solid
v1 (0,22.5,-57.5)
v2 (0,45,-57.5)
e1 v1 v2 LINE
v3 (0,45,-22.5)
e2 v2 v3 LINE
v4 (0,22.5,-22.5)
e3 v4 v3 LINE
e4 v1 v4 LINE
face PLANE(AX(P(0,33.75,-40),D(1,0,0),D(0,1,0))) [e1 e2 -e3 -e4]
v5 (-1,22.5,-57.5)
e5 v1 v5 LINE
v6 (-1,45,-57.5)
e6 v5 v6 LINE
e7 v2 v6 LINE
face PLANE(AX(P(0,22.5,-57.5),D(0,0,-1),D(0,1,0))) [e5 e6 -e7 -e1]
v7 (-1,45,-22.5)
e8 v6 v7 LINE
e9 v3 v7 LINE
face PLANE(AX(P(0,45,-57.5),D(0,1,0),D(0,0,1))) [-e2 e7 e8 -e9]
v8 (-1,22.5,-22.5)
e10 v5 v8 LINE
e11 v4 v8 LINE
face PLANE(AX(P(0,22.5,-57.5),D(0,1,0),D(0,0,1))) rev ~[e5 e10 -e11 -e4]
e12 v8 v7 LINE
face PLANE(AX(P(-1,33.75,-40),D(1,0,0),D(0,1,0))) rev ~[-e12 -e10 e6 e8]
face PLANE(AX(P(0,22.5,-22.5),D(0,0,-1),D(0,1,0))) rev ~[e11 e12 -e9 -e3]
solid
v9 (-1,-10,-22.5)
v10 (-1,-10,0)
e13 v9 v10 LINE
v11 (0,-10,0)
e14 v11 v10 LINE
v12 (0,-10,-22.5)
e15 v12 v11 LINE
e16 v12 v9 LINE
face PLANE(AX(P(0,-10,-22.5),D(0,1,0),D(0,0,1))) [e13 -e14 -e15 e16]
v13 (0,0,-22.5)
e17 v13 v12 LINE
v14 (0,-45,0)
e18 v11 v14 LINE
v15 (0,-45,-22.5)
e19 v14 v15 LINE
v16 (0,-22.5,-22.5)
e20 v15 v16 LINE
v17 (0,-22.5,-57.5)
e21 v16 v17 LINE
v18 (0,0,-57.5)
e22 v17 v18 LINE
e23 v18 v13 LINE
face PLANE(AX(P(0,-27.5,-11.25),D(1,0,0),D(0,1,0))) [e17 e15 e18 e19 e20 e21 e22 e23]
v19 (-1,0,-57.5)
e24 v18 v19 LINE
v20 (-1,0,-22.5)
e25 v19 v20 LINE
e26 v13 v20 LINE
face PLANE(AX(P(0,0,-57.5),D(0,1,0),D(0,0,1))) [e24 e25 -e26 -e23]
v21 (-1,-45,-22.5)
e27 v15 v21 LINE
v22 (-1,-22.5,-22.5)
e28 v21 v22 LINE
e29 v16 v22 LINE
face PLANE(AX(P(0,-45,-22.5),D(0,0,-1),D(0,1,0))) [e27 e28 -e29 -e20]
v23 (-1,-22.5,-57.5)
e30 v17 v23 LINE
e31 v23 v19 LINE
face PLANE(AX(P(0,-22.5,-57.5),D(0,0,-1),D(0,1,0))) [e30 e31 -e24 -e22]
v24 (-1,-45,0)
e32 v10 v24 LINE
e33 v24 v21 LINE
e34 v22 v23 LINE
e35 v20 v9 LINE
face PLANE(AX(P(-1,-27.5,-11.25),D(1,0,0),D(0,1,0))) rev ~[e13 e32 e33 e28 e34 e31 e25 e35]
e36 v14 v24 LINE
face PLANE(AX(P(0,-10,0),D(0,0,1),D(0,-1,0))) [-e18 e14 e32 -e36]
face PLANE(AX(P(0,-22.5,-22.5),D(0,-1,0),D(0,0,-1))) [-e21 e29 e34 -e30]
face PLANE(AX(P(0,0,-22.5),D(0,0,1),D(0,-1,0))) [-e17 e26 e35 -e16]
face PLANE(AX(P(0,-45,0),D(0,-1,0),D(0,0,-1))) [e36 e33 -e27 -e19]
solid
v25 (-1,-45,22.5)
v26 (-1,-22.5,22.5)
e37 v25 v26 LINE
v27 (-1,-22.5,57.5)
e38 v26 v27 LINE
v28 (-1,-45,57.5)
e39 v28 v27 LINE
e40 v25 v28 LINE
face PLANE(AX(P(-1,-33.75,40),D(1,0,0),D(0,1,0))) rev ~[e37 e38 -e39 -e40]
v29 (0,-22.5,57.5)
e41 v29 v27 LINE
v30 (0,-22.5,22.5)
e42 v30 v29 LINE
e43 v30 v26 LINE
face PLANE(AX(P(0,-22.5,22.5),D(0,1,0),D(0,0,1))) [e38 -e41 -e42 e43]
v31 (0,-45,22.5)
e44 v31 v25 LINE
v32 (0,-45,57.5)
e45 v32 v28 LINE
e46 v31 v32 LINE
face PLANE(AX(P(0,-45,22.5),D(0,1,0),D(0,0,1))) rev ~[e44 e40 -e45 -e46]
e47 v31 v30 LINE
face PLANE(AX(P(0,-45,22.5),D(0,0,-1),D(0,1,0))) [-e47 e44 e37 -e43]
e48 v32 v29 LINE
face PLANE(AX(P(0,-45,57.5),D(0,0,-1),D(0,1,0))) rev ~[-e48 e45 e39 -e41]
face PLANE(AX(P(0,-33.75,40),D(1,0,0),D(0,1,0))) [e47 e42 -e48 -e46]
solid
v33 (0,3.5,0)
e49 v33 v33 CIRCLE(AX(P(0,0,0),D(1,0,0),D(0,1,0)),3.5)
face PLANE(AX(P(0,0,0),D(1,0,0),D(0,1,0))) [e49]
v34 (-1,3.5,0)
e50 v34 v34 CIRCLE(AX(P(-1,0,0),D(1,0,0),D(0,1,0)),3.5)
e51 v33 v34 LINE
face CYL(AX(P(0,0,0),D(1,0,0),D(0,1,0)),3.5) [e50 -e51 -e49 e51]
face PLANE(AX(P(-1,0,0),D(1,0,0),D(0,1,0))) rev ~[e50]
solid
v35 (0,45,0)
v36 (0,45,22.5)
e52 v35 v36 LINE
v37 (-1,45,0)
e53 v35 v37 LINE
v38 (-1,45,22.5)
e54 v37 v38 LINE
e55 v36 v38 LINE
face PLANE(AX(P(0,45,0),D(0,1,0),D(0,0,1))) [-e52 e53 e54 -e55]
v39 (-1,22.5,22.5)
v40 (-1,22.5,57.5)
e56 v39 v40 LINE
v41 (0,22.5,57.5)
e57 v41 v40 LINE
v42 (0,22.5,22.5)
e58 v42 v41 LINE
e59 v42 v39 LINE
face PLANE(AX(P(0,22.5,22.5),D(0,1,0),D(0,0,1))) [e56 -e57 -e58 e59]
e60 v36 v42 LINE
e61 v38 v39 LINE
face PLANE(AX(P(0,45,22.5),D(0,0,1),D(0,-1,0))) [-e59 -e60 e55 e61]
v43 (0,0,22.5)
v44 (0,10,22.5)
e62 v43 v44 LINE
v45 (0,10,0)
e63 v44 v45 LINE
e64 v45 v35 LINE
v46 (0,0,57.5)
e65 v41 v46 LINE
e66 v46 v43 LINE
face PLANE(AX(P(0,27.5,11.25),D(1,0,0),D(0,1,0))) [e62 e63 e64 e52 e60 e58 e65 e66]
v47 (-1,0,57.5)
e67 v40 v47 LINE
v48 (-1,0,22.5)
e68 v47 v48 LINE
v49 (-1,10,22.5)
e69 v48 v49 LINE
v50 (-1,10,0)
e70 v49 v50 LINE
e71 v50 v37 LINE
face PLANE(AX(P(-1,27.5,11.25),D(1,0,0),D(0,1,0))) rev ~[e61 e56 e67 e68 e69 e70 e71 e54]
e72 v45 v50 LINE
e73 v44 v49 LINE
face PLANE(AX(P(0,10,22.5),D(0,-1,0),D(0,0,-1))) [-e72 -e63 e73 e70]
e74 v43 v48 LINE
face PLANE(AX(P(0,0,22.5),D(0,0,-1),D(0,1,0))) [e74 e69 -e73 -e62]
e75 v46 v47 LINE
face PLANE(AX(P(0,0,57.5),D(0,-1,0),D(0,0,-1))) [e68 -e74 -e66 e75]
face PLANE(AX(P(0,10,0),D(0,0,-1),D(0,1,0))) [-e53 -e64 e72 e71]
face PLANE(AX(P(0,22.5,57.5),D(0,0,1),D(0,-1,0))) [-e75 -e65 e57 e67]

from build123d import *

# Parameters (mm, degrees)
F0_W     = 22.5
F0_H     = 35
F0_R     = 3.5
F1_DEPTH = 1


with BuildPart() as f1:
    # F0 (on Right) → F1 (new body)
    with BuildSketch(Plane.YZ):
        with Locations((-33.75, 40)):
            Rectangle(F0_W, F0_H)
        Polygon((-10, 0), (-45, 0), (-45, -22.5), (-22.5, -22.5), (-10, -22.5), align=None)
        Polygon((-10, -22.5), (-22.5, -22.5), (-22.5, -57.5), (0, -57.5), (0, -22.5), align=None)
        with Locations((33.75, -40)):
            Rectangle(F0_W, F0_H)
        Circle(F0_R)
        Polygon((45, 22.5), (22.5, 22.5), (10, 22.5), (10, 0), (45, 0), align=None)
        Polygon((22.5, 57.5), (0, 57.5), (0, 22.5), (10, 22.5), (22.5, 22.5), align=None)
    extrude(amount=-F1_DEPTH)


solid = f1.part
